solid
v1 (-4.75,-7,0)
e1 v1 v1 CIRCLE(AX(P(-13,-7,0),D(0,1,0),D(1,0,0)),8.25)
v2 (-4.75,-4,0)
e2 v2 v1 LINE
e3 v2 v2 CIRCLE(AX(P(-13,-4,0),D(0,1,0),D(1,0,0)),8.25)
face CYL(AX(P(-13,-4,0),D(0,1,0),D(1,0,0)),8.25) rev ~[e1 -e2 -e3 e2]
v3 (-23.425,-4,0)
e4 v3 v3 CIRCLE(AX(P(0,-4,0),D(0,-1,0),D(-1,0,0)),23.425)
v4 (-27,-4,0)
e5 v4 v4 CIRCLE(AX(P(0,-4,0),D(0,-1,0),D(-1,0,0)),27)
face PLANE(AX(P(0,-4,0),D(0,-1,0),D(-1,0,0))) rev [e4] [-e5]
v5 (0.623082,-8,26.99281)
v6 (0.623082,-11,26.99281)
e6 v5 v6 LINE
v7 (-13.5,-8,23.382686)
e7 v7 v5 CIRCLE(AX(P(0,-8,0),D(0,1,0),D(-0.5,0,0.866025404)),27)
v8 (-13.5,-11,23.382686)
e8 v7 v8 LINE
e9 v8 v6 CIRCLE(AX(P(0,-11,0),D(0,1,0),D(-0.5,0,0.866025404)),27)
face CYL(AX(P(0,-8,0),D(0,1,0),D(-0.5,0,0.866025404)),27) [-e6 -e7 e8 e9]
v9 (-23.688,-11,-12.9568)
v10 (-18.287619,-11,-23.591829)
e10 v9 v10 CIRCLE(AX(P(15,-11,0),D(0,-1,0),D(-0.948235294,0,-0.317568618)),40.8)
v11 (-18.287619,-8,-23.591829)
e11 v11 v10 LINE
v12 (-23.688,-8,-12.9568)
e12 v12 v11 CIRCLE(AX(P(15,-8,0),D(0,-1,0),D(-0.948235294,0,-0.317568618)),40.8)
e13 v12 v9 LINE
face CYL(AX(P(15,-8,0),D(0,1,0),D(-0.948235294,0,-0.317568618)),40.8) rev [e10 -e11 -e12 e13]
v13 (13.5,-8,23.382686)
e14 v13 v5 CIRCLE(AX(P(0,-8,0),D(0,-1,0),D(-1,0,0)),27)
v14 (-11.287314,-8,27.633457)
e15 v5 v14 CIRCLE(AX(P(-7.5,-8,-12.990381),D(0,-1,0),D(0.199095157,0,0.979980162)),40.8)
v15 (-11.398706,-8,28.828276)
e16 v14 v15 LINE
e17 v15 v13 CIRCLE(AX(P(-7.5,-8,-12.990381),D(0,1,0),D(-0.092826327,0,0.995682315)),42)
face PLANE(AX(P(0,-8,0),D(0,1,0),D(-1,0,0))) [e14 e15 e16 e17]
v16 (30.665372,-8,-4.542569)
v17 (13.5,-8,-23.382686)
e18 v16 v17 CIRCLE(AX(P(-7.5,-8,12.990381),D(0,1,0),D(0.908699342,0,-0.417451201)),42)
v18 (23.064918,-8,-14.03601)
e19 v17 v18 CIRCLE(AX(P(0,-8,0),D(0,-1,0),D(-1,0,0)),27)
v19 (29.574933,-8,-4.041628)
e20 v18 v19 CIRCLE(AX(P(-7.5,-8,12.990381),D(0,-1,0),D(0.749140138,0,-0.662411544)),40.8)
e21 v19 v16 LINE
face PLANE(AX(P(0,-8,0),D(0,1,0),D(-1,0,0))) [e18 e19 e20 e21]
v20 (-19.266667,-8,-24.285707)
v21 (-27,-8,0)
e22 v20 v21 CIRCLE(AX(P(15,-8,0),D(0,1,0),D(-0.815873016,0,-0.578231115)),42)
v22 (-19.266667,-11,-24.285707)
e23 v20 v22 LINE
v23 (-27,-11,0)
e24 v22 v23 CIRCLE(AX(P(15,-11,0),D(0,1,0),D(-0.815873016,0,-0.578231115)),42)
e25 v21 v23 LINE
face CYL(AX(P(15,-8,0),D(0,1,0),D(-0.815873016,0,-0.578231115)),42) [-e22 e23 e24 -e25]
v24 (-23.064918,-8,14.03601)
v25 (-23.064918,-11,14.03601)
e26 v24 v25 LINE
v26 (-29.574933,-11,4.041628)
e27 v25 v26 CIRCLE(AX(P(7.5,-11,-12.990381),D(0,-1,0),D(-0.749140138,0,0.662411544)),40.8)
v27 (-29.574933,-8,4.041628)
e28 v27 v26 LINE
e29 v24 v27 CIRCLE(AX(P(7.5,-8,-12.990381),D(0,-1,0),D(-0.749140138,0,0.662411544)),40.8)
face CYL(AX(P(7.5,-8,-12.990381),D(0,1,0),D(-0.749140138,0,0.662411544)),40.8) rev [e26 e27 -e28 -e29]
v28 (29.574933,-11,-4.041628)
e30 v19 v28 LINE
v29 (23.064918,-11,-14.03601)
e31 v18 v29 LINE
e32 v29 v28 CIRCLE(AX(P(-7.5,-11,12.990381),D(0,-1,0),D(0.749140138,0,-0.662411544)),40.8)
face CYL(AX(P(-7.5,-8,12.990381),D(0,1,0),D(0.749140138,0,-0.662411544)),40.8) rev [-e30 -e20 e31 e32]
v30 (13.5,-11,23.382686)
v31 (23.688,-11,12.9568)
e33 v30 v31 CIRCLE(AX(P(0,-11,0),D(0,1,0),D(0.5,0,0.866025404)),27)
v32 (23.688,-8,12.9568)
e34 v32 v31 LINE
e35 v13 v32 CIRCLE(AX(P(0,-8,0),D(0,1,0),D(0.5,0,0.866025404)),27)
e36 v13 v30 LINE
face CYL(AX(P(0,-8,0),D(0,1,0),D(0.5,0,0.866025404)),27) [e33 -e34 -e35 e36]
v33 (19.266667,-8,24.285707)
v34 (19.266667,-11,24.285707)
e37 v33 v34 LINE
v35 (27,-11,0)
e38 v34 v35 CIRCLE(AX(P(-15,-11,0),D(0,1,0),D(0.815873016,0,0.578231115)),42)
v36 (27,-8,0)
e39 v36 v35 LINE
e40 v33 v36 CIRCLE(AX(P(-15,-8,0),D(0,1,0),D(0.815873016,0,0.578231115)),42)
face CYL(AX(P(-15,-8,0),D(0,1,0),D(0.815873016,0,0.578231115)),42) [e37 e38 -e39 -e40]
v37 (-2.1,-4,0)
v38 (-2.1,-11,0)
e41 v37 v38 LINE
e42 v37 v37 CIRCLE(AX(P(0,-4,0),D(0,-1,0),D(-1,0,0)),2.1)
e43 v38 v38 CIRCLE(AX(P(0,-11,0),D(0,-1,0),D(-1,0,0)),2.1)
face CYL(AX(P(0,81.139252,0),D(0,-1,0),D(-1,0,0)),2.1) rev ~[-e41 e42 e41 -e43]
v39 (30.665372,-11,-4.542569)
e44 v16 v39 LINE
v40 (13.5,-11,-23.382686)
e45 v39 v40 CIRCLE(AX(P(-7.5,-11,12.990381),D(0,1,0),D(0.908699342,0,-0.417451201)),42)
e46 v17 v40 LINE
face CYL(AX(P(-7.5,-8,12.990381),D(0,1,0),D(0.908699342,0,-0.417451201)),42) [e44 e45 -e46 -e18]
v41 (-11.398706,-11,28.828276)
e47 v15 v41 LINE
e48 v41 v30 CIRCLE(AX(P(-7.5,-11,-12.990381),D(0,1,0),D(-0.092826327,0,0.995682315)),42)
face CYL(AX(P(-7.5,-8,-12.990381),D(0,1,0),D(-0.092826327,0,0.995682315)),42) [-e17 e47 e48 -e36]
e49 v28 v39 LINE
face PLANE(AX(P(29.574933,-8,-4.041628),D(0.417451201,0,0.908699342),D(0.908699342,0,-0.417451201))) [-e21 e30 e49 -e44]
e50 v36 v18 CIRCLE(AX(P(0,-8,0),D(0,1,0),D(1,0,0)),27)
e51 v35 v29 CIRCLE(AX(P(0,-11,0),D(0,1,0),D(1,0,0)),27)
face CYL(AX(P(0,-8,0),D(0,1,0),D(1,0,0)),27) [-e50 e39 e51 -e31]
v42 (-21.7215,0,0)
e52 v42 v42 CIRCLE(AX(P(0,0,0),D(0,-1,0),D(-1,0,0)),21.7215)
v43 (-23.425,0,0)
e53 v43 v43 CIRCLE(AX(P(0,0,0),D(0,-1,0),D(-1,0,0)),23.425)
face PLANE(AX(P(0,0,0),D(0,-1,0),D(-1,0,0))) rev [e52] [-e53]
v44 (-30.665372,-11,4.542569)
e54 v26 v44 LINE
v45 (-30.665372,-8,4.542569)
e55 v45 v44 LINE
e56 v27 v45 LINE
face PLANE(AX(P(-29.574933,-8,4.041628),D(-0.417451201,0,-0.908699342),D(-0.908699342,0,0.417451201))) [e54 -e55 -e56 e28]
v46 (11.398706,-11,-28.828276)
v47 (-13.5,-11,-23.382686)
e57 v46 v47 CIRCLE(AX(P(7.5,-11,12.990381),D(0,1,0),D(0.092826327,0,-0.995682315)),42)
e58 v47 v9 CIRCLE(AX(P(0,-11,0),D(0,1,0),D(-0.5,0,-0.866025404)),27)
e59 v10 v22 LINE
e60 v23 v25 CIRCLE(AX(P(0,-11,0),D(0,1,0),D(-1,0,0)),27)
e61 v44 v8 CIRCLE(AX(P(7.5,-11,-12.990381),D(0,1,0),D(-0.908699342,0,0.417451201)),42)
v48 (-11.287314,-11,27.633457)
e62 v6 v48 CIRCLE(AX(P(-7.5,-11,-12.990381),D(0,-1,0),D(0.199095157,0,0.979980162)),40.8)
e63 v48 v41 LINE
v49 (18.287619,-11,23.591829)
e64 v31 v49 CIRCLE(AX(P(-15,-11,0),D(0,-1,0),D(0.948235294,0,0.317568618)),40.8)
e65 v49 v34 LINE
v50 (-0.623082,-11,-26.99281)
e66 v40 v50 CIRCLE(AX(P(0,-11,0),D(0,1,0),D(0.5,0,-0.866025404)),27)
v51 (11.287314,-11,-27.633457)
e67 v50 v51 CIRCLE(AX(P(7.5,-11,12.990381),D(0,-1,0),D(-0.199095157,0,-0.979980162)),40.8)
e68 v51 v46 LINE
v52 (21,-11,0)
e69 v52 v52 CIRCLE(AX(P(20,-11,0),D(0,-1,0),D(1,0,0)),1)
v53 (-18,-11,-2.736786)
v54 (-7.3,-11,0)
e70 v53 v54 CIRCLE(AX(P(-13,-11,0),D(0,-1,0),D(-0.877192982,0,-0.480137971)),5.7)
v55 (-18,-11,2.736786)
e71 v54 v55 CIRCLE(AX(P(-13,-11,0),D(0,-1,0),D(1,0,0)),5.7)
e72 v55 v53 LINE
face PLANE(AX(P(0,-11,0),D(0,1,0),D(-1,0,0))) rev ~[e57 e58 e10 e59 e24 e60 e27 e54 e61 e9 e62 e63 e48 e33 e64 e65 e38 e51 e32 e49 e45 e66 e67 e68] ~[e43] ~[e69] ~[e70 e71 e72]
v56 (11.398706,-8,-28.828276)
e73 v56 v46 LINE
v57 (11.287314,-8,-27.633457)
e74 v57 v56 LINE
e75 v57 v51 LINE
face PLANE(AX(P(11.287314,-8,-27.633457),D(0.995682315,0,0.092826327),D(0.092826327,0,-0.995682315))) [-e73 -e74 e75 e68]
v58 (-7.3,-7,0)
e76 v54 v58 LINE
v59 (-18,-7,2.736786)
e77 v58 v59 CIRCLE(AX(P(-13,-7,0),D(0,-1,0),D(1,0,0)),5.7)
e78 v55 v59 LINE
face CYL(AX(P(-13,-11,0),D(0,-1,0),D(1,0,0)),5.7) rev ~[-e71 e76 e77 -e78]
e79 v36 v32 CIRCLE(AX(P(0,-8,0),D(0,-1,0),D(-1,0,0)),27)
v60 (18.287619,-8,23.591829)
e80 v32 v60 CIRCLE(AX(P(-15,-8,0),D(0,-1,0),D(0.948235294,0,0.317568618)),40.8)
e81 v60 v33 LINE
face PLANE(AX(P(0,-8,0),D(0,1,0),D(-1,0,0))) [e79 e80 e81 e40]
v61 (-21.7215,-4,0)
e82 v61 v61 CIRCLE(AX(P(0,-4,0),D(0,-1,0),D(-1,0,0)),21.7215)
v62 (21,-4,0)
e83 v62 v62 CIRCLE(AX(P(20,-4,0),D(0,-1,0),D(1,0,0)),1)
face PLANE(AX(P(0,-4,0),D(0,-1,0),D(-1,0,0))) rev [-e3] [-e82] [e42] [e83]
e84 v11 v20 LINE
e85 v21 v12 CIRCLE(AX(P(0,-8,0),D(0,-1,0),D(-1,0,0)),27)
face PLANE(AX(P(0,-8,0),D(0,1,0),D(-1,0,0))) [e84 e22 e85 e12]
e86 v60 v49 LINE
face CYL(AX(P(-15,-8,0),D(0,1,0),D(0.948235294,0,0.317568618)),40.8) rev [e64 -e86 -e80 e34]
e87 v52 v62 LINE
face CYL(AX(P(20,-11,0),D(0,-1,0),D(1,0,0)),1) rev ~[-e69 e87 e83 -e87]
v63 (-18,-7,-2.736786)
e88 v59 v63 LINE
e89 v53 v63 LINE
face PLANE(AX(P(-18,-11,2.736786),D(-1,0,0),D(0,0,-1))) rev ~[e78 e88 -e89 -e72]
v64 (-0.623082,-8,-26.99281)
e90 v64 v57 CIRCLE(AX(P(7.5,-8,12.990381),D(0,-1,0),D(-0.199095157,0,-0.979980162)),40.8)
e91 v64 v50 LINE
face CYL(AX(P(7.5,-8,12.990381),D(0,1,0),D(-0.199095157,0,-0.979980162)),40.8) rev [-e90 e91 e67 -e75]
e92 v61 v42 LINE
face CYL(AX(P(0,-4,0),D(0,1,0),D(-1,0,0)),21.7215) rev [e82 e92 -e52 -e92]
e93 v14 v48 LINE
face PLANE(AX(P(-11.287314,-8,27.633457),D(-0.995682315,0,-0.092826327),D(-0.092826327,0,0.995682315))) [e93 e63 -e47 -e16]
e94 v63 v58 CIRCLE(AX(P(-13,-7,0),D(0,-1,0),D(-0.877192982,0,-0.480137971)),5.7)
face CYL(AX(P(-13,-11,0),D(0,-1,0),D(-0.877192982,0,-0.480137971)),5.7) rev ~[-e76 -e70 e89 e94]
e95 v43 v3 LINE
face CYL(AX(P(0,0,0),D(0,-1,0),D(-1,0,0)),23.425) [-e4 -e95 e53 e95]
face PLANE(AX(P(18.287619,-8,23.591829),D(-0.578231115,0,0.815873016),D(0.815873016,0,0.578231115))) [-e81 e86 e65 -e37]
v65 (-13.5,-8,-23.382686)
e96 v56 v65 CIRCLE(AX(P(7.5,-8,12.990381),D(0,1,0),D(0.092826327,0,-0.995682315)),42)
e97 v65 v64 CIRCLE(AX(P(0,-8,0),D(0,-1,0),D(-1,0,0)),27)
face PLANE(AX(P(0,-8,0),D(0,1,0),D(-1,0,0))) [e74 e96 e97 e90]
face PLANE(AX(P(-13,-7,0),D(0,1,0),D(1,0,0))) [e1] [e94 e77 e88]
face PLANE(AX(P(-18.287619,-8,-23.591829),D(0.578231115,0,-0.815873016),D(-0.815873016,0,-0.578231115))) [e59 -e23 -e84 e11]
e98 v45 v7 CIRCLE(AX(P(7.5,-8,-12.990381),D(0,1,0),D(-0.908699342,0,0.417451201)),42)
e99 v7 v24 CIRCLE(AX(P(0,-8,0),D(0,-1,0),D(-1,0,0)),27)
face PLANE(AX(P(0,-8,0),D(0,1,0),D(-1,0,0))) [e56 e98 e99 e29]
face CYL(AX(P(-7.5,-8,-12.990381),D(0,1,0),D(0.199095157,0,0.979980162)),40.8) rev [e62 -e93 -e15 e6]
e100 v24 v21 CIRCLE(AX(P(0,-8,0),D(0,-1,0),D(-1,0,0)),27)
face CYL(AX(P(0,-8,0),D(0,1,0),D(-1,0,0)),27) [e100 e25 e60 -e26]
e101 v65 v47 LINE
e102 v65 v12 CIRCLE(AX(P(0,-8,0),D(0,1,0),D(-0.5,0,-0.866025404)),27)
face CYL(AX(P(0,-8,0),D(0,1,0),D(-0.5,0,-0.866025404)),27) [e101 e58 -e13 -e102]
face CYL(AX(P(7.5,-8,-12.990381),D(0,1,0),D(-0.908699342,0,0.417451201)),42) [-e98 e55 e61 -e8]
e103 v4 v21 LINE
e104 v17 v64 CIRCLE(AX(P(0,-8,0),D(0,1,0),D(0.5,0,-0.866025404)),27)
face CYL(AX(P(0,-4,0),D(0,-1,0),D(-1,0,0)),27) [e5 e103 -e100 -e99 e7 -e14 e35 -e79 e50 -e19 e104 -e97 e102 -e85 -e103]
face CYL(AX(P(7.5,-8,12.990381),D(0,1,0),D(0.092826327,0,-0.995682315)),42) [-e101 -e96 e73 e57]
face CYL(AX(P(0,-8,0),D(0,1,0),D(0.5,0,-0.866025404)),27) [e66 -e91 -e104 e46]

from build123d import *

# Parameters (mm, degrees)
BOSS_EXTRUDE1_DEPTH        = 3
F_4_2_4_2_DIAMETER_HOLE1_D = 4.2
SKETCH24_R                 = 1
CUT_EXTRUDE3_DEPTH         = 10
SKETCH25_R                 = 8.25
CUT_EXTRUDE4_DEPTH         = 3


with BuildPart() as part:
    # Sketch1 → Revolve1 (revolve)
    with BuildSketch(Plane.XY):
        Polygon((-23.425, 0), (-23.425, -4), (-27, -4), (-27, -8), (0, -8), (0, -4), (-21.721500416, -4), (-21.721500416, 0), align=None)
    revolve(axis=Axis((0, -8, 0), (0, -1, 0)))

    # Sketch18 → Boss-Extrude1 (add)
    with BuildSketch(Plane.XZ.offset(8)):
        with BuildLine():
            Line((18.287619048, 23.591829478), (19.266666667, 24.285706816))
            ThreePointArc((19.266666667, 24.285706816), (25.019995002, 12.743625858), (27, 0))
            ThreePointArc((27, 0), (25.997622732, -7.288594671), (23.06491761, -14.036009962))
            ThreePointArc((23.06491761, -14.036009962), (26.687121428, -9.277998508), (29.574933174, -4.041627931))
            Line((29.574933174, -4.041627931), (30.665372385, -4.542569372))
            ThreePointArc((30.665372385, -4.542569372), (23.54630123, -15.296138346), (13.5, -23.382685902))
            ThreePointArc((13.5, -23.382685902), (6.686703224, -26.158899059), (-0.62308239, -26.992809567))
            ThreePointArc((-0.62308239, -26.992809567), (5.30857831, -27.750724365), (11.287314126, -27.633457409))
            Line((11.287314126, -27.633457409), (11.398705718, -28.828276188))
            ThreePointArc((11.398705718, -28.828276188), (-1.473693772, -28.039764204), (-13.5, -23.382685902))
            ThreePointArc((-13.5, -23.382685902), (-19.310919509, -18.870304389), (-23.688, -12.956799605))
            ThreePointArc((-23.688, -12.956799605), (-21.378543119, -18.472725857), (-18.287619048, -23.591829478))
            Line((-18.287619048, -23.591829478), (-19.266666667, -24.285706816))
            ThreePointArc((-19.266666667, -24.285706816), (-25.019995002, -12.743625858), (-27, 0))
            ThreePointArc((-27, 0), (-25.997622732, 7.288594671), (-23.06491761, 14.036009962))
            ThreePointArc((-23.06491761, 14.036009962), (-26.687121428, 9.277998508), (-29.574933174, 4.041627931))
            Line((-29.574933174, 4.041627931), (-30.665372385, 4.542569372))
            ThreePointArc((-30.665372385, 4.542569372), (-23.54630123, 15.296138346), (-13.5, 23.382685902))
            ThreePointArc((-13.5, 23.382685902), (-6.686703224, 26.158899059), (0.62308239, 26.992809567))
            ThreePointArc((0.62308239, 26.992809567), (-5.30857831, 27.750724365), (-11.287314126, 27.633457409))
            Line((-11.287314126, 27.633457409), (-11.398705718, 28.828276188))
            ThreePointArc((-11.398705718, 28.828276188), (1.473693772, 28.039764204), (13.5, 23.382685902))
            ThreePointArc((13.5, 23.382685902), (19.310919509, 18.870304389), (23.688, 12.956799605))
            ThreePointArc((23.688, 12.956799605), (21.378543119, 18.472725857), (18.287619048, 23.591829478))
        make_face()
    extrude(amount=BOSS_EXTRUDE1_DEPTH)

    # Ø4.2 (4.2) Diameter Hole1 (through all)
    with Locations(Plane(origin=(0, -4, 0), x_dir=(1, 0, 0), z_dir=(0, 1, 0))):
        with Locations((0, 0)):
            Hole(F_4_2_4_2_DIAMETER_HOLE1_D / 2)

    # Sketch24 → Cut-Extrude3 (cut)
    with BuildSketch(Plane.XZ.offset(11)):
        with BuildLine():
            ThreePointArc((-7.3, 0), (-11.587555311, 5.522227811), (-18, 2.736786437))
            Line((-18, 2.736786437), (-18, -2.736786437))
            ThreePointArc((-18, -2.736786437), (-11.587555311, -5.522227811), (-7.3, 0))
        make_face()
        with Locations((20, 0)):
            Circle(SKETCH24_R)
    extrude(amount=-CUT_EXTRUDE3_DEPTH, mode=Mode.SUBTRACT)

    # Sketch25 → Cut-Extrude4 (cut)
    with BuildSketch(Plane(origin=(0, -4, 0), x_dir=(1, 0, 0), z_dir=(0, 1, 0))):
        with Locations((-13, 0)):
            Circle(SKETCH25_R)
    extrude(amount=-CUT_EXTRUDE4_DEPTH, mode=Mode.SUBTRACT)


solid = part.part
